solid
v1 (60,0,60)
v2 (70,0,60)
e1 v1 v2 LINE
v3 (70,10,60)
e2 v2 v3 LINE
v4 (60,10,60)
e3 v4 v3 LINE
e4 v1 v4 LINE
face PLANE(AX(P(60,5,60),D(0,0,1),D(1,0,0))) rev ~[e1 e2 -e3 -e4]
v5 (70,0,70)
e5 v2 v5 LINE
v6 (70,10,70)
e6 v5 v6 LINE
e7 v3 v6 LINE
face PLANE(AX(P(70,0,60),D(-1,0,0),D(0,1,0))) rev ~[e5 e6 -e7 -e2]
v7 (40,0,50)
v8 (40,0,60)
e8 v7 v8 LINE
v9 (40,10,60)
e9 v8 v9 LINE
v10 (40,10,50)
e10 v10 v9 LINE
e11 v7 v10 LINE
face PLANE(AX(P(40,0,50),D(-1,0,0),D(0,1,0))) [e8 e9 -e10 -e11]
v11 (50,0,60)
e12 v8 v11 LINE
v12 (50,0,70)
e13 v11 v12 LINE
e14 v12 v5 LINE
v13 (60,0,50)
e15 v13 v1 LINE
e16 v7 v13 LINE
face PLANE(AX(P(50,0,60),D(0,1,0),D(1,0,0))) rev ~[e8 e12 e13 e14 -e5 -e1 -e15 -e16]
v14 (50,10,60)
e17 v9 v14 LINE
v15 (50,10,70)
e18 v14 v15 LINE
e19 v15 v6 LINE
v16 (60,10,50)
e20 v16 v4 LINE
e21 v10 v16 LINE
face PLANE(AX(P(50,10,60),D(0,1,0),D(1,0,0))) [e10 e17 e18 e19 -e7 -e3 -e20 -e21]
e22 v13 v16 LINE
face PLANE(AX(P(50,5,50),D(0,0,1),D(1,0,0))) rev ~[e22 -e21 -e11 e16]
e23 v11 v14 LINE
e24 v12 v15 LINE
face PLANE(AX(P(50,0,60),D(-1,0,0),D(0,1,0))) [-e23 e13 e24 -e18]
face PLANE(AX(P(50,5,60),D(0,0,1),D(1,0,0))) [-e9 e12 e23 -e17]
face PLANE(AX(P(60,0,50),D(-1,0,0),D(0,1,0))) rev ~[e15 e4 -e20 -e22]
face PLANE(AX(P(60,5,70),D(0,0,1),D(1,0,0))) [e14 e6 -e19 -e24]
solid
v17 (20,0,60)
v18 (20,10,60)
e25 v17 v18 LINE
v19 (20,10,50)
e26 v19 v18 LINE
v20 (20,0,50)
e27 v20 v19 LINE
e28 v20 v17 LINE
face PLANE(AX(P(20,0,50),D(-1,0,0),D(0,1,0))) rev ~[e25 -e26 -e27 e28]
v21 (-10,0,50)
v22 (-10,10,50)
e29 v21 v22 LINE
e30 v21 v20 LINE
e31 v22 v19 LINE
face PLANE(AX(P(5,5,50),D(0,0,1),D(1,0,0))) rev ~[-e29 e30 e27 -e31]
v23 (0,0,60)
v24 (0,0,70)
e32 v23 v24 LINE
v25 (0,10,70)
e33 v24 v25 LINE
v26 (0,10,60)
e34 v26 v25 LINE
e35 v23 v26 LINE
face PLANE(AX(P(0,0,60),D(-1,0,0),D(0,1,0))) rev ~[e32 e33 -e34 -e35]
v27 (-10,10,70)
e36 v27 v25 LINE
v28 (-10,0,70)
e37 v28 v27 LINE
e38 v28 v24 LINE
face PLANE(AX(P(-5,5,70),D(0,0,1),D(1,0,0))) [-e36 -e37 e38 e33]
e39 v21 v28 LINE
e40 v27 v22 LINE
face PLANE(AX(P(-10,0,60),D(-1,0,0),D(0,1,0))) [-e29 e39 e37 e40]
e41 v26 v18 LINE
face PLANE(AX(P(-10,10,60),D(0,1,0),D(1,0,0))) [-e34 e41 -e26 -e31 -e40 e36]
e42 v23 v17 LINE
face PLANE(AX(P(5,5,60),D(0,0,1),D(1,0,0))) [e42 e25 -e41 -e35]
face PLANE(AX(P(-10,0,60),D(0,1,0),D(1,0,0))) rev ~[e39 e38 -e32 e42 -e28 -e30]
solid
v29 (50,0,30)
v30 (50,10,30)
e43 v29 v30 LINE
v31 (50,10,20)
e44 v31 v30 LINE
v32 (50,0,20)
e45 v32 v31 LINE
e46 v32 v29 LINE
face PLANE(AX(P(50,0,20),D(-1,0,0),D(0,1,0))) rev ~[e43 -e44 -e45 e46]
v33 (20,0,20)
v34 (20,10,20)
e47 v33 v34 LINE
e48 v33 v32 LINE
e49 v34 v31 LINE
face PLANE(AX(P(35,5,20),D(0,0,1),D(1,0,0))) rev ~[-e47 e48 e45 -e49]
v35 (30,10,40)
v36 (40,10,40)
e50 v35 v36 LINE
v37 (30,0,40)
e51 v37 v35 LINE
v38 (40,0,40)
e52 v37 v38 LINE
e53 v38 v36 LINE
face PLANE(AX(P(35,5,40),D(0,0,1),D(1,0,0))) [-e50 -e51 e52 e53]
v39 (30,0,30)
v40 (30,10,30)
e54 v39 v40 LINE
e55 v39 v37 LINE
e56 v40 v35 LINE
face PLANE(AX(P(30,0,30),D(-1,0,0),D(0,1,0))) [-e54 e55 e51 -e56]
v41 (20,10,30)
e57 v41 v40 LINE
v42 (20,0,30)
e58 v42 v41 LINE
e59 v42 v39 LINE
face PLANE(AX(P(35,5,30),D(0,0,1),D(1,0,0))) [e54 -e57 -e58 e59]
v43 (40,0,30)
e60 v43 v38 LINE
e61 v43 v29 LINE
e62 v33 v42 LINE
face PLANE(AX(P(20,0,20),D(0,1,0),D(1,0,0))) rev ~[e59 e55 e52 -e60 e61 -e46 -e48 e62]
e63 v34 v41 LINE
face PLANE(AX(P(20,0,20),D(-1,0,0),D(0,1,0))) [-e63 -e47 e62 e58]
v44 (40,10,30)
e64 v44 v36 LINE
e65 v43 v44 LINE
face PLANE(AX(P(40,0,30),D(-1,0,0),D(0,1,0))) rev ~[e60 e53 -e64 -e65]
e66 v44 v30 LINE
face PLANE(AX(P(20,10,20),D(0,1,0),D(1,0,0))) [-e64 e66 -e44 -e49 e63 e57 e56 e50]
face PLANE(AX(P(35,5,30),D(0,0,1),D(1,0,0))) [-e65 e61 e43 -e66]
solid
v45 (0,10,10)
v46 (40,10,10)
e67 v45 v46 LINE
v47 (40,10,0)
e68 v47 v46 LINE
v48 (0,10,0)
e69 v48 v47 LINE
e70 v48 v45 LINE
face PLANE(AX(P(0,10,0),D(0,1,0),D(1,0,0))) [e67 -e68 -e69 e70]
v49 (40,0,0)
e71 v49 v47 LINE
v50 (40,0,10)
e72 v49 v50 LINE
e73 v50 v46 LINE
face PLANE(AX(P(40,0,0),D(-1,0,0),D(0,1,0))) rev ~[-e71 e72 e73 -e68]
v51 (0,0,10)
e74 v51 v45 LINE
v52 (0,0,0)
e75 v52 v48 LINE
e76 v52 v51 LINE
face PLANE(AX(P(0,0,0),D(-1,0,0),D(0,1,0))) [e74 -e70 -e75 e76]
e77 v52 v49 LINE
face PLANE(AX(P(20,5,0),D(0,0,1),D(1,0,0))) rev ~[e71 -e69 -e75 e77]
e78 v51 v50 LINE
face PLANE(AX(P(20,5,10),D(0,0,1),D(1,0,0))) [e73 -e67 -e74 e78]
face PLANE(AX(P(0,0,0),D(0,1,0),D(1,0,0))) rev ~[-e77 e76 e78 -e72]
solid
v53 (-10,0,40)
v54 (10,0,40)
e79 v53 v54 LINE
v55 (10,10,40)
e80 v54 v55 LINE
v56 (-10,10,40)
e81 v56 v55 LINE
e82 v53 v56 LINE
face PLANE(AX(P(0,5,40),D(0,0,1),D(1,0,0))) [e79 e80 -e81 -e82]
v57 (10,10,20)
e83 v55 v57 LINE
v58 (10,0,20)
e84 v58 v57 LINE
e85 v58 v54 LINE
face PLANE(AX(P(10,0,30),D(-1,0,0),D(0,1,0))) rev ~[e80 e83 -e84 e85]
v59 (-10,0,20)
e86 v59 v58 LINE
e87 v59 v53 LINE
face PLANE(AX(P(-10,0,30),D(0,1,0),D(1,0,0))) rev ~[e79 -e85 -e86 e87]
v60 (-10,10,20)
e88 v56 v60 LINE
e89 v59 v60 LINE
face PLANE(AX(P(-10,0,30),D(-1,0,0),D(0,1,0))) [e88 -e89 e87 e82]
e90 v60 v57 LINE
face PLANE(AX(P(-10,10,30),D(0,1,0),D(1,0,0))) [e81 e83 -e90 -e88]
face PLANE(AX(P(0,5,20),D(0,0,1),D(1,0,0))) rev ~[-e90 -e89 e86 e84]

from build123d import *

# Parameters (mm, degrees)
BOX_W        = 40
BOX_H        = 10
BOX_DEPTH    = 10
BOX002_W     = 10
BOX002_H     = 10
BOX002_DEPTH = 10
BOX001_W     = 30
BOX001_H     = 10
BOX001_DEPTH = 10
BOX004_W     = 20
BOX004_H     = 10
BOX004_DEPTH = 10
BOX003_W     = 20
BOX003_H     = 10
BOX003_DEPTH = 10
BOX006_W     = 10
BOX006_H     = 10
BOX006_DEPTH = 10
BOX005_W     = 30
BOX005_H     = 10
BOX005_DEPTH = 10
BOX008_W     = 20
BOX008_H     = 10
BOX008_DEPTH = 10
BOX007_W     = 20
BOX007_H     = 10
BOX007_DEPTH = 10


with BuildPart() as box:
    # Box → Box (new body)
    with BuildSketch(Plane.XY):
        with Locations((20, 5)):
            Rectangle(BOX_W, BOX_H)
    extrude(amount=BOX_DEPTH)


with BuildPart() as cub001:
    # Box002 → Box002 (new body)
    with BuildSketch(Plane(origin=(30, 0, 30), x_dir=(1, 0, 0), z_dir=(0, 0, 1))):
        with Locations((5, 5)):
            Rectangle(BOX002_W, BOX002_H)
    extrude(amount=BOX002_DEPTH)


with BuildPart() as fusion001:
    # Box001 → Box001 (new body)
    with BuildSketch(Plane(origin=(20, 0, 20), x_dir=(1, 0, 0), z_dir=(0, 0, 1))):
        with Locations((15, 5)):
            Rectangle(BOX001_W, BOX001_H)
    extrude(amount=BOX001_DEPTH)

    # Fusion: union Cub001
    add(cub001.part)


with BuildPart() as cub003:
    # Box004 → Box004 (new body)
    with BuildSketch(Plane(origin=(-10, 0, 30), x_dir=(1, 0, 0), z_dir=(0, 0, 1))):
        with Locations((10, 5)):
            Rectangle(BOX004_W, BOX004_H)
    extrude(amount=BOX004_DEPTH)


with BuildPart() as fusion003:
    # Box003 → Box003 (new body)
    with BuildSketch(Plane(origin=(-10, 0, 20), x_dir=(1, 0, 0), z_dir=(0, 0, 1))):
        with Locations((10, 5)):
            Rectangle(BOX003_W, BOX003_H)
    extrude(amount=BOX003_DEPTH)

    # Fusion002: union Cub003
    add(cub003.part)


with BuildPart() as cub005:
    # Box006 → Box006 (new body)
    with BuildSketch(Plane(origin=(-10, 0, 60), x_dir=(1, 0, 0), z_dir=(0, 0, 1))):
        with Locations((5, 5)):
            Rectangle(BOX006_W, BOX006_H)
    extrude(amount=BOX006_DEPTH)


with BuildPart() as fusion005:
    # Box005 → Box005 (new body)
    with BuildSketch(Plane(origin=(-10, 0, 50), x_dir=(1, 0, 0), z_dir=(0, 0, 1))):
        with Locations((15, 5)):
            Rectangle(BOX005_W, BOX005_H)
    extrude(amount=BOX005_DEPTH)

    # Fusion004: union Cub005
    add(cub005.part)


with BuildPart() as cub007:
    # Box008 → Box008 (new body)
    with BuildSketch(Plane(origin=(50, 0, 60), x_dir=(1, 0, 0), z_dir=(0, 0, 1))):
        with Locations((10, 5)):
            Rectangle(BOX008_W, BOX008_H)
    extrude(amount=BOX008_DEPTH)


with BuildPart() as fusion007:
    # Box007 → Box007 (new body)
    with BuildSketch(Plane(origin=(40, 0, 50), x_dir=(1, 0, 0), z_dir=(0, 0, 1))):
        with Locations((10, 5)):
            Rectangle(BOX007_W, BOX007_H)
    extrude(amount=BOX007_DEPTH)

    # Fusion006: union Cub007
    add(cub007.part)


solid = Compound([box.part, fusion001.part, fusion003.part, fusion005.part, fusion007.part])
